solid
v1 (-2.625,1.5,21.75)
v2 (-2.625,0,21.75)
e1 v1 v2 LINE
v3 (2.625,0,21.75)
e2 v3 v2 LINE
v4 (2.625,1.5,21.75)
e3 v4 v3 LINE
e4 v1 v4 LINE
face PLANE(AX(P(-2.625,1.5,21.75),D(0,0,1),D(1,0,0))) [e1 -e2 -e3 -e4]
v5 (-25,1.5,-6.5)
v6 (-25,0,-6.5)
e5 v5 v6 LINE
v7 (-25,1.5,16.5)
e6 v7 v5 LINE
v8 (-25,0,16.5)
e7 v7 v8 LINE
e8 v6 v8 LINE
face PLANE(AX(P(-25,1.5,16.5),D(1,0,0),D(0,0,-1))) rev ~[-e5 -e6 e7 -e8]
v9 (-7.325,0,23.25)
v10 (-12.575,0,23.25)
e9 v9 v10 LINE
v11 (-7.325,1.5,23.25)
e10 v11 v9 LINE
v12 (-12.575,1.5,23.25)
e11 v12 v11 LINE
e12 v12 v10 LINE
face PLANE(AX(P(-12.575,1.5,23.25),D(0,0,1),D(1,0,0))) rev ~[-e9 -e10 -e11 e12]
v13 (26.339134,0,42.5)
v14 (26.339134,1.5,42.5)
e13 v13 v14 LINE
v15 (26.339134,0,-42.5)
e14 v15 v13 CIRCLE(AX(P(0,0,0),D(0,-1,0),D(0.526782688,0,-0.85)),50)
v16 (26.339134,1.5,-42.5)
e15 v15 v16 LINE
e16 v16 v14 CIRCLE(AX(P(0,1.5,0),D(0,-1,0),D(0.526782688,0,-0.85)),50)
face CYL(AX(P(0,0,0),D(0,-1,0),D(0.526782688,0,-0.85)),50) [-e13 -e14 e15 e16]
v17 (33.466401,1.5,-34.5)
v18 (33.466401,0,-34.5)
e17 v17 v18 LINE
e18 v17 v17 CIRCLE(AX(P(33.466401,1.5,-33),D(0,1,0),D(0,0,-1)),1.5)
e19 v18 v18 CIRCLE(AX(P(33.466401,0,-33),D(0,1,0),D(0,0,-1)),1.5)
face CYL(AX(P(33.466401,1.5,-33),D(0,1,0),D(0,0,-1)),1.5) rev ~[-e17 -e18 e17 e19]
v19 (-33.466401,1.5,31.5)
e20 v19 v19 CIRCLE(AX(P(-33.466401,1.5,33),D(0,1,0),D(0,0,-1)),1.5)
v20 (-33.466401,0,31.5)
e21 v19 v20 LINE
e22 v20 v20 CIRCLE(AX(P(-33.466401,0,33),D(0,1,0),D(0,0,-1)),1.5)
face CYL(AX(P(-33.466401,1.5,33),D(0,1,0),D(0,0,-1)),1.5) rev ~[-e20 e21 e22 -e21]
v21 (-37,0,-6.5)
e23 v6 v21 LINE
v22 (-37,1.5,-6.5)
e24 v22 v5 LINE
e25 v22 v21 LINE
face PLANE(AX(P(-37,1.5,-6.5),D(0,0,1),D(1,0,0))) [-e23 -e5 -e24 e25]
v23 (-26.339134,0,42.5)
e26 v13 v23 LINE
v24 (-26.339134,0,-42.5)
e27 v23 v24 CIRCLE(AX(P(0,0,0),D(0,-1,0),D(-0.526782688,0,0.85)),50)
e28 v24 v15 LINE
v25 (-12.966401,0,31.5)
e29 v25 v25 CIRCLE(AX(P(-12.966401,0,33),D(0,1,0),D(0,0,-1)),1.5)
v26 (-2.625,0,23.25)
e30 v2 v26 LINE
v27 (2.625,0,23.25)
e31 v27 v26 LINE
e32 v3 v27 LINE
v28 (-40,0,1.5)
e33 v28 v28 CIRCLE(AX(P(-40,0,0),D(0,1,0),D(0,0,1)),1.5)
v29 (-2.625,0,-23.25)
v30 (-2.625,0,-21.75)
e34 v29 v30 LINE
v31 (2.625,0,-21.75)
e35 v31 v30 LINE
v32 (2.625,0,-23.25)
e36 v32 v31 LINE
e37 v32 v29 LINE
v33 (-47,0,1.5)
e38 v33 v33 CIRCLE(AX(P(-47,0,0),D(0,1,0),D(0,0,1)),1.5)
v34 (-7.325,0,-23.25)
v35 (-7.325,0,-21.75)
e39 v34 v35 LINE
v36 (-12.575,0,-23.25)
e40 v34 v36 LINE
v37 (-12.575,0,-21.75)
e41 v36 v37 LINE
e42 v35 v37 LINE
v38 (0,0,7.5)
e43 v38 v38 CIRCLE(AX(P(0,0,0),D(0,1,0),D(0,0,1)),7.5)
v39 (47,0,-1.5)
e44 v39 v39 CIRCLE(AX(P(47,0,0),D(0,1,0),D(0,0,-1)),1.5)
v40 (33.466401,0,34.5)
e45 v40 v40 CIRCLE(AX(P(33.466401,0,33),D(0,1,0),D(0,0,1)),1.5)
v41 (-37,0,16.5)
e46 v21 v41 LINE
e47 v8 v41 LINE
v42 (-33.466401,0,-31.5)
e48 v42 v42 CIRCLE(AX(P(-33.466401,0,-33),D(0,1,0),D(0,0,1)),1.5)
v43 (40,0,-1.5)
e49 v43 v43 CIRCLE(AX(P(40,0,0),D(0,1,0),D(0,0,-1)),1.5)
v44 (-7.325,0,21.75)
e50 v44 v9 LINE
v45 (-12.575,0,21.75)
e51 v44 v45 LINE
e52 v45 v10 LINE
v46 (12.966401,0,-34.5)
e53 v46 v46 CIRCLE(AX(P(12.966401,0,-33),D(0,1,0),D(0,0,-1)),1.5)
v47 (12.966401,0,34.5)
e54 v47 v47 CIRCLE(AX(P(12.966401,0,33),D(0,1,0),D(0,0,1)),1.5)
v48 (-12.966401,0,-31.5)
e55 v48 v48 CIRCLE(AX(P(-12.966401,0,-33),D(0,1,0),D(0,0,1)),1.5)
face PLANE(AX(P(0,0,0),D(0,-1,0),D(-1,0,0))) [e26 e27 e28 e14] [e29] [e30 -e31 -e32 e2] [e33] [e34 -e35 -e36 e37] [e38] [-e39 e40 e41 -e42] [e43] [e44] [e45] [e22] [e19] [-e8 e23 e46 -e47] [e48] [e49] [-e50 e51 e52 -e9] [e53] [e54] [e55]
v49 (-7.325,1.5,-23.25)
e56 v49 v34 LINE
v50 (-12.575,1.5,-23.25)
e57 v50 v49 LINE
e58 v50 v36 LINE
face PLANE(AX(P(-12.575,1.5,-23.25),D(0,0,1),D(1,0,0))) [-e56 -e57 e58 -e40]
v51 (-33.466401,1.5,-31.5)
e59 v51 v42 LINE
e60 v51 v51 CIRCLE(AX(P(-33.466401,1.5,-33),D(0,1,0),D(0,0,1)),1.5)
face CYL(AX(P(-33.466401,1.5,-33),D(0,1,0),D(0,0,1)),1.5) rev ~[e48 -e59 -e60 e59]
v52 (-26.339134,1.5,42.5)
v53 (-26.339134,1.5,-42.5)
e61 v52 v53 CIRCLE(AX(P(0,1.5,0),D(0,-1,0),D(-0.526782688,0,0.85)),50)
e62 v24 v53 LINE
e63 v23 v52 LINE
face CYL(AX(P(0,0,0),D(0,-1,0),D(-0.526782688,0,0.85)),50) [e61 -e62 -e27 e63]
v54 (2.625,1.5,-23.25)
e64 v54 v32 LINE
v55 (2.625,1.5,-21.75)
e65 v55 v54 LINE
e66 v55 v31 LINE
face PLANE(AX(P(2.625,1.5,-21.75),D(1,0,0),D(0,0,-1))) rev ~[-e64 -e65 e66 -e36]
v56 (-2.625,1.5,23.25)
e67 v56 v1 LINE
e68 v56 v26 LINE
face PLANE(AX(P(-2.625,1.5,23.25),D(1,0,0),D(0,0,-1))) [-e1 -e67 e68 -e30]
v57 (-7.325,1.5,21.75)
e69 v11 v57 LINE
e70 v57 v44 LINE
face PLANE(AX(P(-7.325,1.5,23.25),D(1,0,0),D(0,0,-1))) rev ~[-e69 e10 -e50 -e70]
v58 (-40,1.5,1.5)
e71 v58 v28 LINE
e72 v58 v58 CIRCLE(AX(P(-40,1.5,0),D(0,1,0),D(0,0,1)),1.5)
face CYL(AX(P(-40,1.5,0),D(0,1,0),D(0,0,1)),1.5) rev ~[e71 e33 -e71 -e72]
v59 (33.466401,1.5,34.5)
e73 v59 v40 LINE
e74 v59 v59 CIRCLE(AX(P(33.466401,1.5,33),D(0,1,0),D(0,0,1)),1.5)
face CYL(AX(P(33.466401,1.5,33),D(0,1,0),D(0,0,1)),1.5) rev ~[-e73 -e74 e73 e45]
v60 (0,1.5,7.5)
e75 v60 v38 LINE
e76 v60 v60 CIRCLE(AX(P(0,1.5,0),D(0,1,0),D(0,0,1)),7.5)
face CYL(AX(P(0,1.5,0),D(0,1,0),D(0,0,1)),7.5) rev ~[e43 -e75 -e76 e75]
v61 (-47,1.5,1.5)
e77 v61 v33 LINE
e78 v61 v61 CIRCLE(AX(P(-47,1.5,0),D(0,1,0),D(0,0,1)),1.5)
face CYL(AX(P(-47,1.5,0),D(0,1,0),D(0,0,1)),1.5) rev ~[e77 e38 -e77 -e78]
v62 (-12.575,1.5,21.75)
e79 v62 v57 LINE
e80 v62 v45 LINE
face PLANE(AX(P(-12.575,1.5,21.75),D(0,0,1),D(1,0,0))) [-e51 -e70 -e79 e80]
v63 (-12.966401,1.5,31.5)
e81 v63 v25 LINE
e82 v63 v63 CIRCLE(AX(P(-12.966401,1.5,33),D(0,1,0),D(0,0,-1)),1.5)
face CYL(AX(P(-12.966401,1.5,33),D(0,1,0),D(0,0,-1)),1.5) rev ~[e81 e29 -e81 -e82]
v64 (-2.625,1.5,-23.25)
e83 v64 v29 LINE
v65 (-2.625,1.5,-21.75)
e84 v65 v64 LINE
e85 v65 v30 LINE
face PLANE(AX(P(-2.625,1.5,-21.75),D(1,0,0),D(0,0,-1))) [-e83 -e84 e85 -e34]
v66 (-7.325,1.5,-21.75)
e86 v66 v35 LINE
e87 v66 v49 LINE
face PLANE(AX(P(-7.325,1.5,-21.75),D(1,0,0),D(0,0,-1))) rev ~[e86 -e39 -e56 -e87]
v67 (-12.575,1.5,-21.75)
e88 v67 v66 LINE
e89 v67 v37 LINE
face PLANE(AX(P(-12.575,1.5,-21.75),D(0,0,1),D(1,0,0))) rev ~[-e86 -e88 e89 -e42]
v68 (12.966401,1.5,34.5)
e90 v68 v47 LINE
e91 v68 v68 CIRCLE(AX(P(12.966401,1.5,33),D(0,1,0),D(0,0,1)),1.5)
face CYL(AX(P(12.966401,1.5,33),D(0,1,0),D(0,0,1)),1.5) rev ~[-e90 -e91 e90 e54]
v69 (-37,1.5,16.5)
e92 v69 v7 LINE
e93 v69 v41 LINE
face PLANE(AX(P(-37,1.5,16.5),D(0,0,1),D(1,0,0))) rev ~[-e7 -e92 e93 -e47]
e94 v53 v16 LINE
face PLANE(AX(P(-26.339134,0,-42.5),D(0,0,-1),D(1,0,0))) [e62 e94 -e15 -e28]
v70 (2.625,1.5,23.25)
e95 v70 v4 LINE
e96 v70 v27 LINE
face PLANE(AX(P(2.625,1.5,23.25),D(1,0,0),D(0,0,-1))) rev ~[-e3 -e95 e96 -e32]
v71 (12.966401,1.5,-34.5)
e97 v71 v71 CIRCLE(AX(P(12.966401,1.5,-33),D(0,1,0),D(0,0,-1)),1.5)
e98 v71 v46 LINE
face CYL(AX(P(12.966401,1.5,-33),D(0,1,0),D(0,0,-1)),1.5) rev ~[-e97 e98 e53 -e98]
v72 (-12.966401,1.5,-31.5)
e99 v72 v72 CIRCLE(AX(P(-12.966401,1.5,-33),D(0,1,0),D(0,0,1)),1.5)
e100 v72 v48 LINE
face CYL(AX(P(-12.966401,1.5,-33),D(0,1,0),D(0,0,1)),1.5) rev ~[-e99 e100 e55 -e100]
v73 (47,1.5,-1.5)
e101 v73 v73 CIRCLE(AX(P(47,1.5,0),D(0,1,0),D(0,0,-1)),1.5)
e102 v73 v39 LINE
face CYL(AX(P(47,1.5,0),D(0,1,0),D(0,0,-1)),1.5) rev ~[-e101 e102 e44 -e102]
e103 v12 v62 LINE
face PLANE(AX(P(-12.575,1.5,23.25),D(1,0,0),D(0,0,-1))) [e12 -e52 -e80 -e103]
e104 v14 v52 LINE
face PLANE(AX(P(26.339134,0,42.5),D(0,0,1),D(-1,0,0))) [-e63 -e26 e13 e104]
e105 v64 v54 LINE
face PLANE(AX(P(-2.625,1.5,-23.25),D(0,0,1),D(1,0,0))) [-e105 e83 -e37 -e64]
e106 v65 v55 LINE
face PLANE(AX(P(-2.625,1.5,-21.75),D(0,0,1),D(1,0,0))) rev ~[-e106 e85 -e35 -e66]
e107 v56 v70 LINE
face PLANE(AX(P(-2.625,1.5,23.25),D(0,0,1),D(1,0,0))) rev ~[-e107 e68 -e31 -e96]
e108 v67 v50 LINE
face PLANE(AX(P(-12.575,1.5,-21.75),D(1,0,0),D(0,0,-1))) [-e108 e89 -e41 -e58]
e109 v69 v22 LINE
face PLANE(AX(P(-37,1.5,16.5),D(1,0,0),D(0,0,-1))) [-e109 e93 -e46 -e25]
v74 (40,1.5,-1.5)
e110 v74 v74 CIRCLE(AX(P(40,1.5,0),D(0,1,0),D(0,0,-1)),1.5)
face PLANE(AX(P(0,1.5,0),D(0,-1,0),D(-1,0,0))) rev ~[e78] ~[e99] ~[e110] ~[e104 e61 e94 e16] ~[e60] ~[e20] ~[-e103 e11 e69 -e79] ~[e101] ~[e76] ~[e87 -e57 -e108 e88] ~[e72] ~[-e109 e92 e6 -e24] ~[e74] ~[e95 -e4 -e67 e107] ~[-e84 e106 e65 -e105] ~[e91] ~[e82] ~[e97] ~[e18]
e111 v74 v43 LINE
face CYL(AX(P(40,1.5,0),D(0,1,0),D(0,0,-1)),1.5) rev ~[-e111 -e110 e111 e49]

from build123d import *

# Parameters (mm, degrees)
BOSS_EXTRUDE1_DEPTH = 1.5
SKETCH3_R           = 7.5
SKETCH3_R_2         = 1.5
SKETCH3_W           = 12
SKETCH3_H           = 23
SKETCH3_W_2         = 5.25
SKETCH3_H_2         = 1.5
CUT_EXTRUDE1_DEPTH  = 66.639165138


with BuildPart() as part:
    # Sketch2 → Boss-Extrude1 (new body)
    with BuildSketch(Plane(origin=(0, 0, 0), x_dir=(1, 0, 0), z_dir=(0, 1, 0))):
        with BuildLine():
            Line((-26.339134382, 42.5), (26.339134382, 42.5))
            ThreePointArc((26.339134382, 42.5), (50, 0), (26.339134382, -42.5))
            Line((26.339134382, -42.5), (-26.339134382, -42.5))
            ThreePointArc((-26.339134382, -42.5), (-50, 0), (-26.339134382, 42.5))
        make_face()
    extrude(amount=BOSS_EXTRUDE1_DEPTH)

    # Sketch3 → Cut-Extrude1 (cut, through all)
    with BuildSketch(Plane(origin=(0, 1.5, 0), x_dir=(1, 0, 0), z_dir=(0, 1, 0))):
        with Locations(Location((0, 0, 0), (0, 0, 270))):
            Circle(SKETCH3_R)
        with Locations(Location((-47, 0, 0), (0, 0, 270))):
            Circle(SKETCH3_R_2)
        with Locations(Location((-33.466401061, 33, 0), (0, 0, 270))):
            Circle(SKETCH3_R_2)
        with Locations(Location((-12.966401061, 33, 0), (0, 0, 270))):
            Circle(SKETCH3_R_2)
        with Locations(Location((-40, 0, 0), (0, 0, 270))):
            Circle(SKETCH3_R_2)
        with Locations(Location((-12.966401061, -33, 0), (0, 0, 90))):
            Circle(SKETCH3_R_2)
        with Locations(Location((-33.466401061, -33, 0), (0, 0, 90))):
            Circle(SKETCH3_R_2)
        with Locations(Location((33.466401061, 33, 0), (0, 0, 90))):
            Circle(SKETCH3_R_2)
        with Locations(Location((12.966401061, 33, 0), (0, 0, 90))):
            Circle(SKETCH3_R_2)
        with Locations(Location((12.966401061, -33, 0), (0, 0, 270))):
            Circle(SKETCH3_R_2)
        with Locations(Location((33.466401061, -33, 0), (0, 0, 270))):
            Circle(SKETCH3_R_2)
        with Locations(Location((40, 0, 0), (0, 0, 90))):
            Circle(SKETCH3_R_2)
        with Locations(Location((47, 0, 0), (0, 0, 90))):
            Circle(SKETCH3_R_2)
        with Locations((-31, -5)):
            Rectangle(SKETCH3_W, SKETCH3_H)
        with Locations((0, -22.5)):
            Rectangle(SKETCH3_W_2, SKETCH3_H_2)
        with Locations((-9.95, 22.5)):
            Rectangle(SKETCH3_W_2, SKETCH3_H_2)
        with Locations((0, 22.5)):
            Rectangle(SKETCH3_W_2, SKETCH3_H_2)
        with Locations((-9.95, -22.5)):
            Rectangle(SKETCH3_W_2, SKETCH3_H_2)
    extrude(amount=-CUT_EXTRUDE1_DEPTH, mode=Mode.SUBTRACT)


solid = part.part
